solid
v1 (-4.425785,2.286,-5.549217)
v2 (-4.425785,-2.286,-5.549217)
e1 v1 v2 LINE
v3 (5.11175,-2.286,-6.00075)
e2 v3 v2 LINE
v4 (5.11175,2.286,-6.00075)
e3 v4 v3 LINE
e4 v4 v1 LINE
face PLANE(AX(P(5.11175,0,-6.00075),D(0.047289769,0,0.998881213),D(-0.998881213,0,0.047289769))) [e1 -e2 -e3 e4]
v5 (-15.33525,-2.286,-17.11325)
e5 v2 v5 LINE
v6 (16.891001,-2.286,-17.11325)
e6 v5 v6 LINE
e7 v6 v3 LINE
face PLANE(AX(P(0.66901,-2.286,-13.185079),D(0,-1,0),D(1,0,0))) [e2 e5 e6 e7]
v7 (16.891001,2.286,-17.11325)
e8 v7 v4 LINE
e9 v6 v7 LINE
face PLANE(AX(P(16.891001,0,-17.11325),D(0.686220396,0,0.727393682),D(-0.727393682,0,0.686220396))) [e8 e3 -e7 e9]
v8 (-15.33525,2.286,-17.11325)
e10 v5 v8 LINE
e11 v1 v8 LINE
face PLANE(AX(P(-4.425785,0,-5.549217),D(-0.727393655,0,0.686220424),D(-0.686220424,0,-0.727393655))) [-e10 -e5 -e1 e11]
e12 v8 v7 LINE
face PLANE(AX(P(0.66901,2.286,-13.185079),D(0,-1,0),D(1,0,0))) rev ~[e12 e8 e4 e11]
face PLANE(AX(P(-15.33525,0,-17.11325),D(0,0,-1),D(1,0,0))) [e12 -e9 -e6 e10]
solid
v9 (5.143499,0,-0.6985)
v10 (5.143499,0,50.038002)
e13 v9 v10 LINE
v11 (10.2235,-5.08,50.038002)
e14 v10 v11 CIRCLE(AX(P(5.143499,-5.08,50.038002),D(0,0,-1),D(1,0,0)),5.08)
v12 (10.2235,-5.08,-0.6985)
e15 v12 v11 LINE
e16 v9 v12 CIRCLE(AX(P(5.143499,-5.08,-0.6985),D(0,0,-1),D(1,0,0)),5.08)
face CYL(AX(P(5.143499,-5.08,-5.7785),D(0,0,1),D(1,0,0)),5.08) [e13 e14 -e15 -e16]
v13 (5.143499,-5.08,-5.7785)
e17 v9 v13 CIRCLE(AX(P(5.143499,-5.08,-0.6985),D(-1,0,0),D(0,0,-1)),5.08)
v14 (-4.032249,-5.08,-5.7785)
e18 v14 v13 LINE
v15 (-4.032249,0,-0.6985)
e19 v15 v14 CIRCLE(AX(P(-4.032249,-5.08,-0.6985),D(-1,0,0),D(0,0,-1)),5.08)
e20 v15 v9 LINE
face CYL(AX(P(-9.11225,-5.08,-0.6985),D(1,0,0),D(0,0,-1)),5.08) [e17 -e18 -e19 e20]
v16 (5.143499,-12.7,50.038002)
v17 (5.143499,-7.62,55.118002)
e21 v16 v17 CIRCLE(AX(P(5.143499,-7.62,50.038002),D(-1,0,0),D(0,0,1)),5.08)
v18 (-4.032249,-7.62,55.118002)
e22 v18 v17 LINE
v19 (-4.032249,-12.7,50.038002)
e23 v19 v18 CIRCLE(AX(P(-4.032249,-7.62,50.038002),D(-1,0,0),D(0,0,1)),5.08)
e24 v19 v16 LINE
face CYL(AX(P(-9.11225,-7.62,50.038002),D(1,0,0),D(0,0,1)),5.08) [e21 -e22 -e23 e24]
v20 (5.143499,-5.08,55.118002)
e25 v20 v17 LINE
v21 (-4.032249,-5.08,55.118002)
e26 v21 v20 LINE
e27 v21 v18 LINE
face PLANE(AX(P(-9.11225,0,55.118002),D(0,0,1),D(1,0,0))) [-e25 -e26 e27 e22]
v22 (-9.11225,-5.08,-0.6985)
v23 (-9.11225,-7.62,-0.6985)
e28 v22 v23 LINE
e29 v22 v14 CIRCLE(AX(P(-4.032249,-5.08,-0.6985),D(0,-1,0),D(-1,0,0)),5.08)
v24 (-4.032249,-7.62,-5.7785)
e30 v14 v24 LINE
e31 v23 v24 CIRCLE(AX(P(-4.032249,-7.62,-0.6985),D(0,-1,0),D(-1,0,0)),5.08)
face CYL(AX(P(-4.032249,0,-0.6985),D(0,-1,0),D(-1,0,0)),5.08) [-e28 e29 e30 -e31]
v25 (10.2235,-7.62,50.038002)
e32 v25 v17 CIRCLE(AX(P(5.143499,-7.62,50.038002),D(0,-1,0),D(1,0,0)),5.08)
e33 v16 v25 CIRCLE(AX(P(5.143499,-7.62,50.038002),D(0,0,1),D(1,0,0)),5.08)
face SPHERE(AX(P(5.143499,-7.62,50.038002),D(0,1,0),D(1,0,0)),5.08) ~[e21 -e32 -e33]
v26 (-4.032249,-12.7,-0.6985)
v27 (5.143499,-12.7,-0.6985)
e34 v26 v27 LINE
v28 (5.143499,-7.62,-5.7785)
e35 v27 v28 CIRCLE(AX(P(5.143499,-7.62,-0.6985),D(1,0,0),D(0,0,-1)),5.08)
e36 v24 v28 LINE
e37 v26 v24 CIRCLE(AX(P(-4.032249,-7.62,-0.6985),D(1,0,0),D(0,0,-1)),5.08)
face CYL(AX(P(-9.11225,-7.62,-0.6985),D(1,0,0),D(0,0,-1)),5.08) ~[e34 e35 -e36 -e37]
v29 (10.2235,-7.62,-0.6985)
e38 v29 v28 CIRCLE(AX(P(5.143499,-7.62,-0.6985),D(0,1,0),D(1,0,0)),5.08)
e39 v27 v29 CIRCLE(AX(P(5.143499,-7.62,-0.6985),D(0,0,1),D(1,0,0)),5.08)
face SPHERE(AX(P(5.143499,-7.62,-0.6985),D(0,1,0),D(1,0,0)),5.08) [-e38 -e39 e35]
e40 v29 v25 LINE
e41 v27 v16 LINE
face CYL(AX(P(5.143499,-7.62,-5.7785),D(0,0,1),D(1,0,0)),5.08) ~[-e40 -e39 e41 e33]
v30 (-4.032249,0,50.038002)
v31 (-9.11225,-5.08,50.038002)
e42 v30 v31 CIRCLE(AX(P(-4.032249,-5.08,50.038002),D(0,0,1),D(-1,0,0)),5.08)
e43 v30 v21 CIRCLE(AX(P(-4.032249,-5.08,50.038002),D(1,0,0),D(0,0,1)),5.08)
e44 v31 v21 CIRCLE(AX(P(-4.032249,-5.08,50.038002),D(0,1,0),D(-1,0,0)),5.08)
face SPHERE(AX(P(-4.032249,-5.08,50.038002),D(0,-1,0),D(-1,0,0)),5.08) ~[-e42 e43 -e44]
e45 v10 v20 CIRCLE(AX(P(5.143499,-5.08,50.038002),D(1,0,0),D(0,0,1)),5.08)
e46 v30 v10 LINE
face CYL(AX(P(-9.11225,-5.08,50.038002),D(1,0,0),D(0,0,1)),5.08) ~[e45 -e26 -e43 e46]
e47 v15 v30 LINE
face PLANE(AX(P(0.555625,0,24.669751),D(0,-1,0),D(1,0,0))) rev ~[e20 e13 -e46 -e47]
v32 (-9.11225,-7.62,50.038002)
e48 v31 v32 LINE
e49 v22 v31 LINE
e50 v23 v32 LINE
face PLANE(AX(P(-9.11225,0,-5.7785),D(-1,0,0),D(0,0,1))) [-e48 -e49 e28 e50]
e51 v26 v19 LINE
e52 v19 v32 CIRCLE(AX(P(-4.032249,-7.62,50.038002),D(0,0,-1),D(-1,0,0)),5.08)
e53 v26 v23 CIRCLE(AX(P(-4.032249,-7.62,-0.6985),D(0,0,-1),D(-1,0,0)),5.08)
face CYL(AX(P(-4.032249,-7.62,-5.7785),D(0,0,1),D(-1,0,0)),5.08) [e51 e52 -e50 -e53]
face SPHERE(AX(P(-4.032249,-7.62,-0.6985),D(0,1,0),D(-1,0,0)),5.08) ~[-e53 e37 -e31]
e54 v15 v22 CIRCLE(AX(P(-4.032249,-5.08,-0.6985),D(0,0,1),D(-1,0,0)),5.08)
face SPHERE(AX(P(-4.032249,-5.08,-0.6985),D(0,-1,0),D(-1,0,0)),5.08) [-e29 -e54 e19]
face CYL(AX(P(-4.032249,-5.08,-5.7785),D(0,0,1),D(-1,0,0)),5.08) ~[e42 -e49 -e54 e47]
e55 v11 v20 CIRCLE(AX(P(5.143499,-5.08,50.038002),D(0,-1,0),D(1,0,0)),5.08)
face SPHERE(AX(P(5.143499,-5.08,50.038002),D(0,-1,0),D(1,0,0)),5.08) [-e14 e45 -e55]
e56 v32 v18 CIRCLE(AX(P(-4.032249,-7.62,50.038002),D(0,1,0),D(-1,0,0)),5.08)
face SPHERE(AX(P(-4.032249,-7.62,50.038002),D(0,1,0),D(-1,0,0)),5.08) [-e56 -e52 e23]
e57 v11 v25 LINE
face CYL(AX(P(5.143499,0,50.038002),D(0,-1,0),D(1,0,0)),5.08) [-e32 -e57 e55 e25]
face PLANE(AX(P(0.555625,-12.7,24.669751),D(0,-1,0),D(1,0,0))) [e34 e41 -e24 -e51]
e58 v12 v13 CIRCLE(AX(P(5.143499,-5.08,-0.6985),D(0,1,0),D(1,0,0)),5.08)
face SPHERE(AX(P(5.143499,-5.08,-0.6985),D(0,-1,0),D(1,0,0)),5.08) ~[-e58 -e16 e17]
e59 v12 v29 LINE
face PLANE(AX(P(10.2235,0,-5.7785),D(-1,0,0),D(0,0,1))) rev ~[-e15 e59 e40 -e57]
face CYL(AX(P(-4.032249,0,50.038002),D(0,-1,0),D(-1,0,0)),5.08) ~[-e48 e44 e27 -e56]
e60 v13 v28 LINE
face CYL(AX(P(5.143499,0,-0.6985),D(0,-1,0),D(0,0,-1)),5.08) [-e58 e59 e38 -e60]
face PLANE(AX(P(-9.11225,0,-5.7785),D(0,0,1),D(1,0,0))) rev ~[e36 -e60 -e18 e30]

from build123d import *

# Parameters (mm, degrees)
F0_W     = 19.335749
F0_H     = 60.896502
F1_DEPTH = 12.7
F2_R     = 5.08
F4_DEPTH = 2.286


with BuildPart() as f1:
    # F0 (on Front) → F1 (new body)
    with BuildSketch(Plane.XZ):
        with Locations((0.555625, 24.669751)):
            Rectangle(F0_W, F0_H)
    extrude(amount=F1_DEPTH)

    # F2
    f2_edges = [f1.edges().sort_by_distance(p)[0] for p in [
        (-9.11225, -6.35, 55.118002),
        (-9.11225, -6.35, -5.7785),
        (-9.11225, 0, 24.669751),
        (-9.11225, -12.7, 24.669751),
        (10.223499, -6.35, -5.7785),
        (10.223499, -6.35, 55.118002),
        (10.223499, 0, 24.669751),
        (10.223499, -12.7, 24.669751),
        (0.555625, 0, -5.7785),
        (0.555625, -12.7, -5.7785),
        (0.555625, 0, 55.118002),
        (0.555625, -12.7, 55.118002),
    ]]
    fillet(f2_edges, radius=F2_R)


with BuildPart() as f4:
    # F3 (on Front) → F4 (new body, symmetric)
    with BuildSketch(Plane.XZ):
        Polygon((16.891001, -17.11325), (5.11175, -6.00075), (-4.425785, -5.549217), (-15.33525, -17.11325), align=None)
    extrude(amount=F4_DEPTH, both=True)


solid = Compound([f1.part, f4.part])
